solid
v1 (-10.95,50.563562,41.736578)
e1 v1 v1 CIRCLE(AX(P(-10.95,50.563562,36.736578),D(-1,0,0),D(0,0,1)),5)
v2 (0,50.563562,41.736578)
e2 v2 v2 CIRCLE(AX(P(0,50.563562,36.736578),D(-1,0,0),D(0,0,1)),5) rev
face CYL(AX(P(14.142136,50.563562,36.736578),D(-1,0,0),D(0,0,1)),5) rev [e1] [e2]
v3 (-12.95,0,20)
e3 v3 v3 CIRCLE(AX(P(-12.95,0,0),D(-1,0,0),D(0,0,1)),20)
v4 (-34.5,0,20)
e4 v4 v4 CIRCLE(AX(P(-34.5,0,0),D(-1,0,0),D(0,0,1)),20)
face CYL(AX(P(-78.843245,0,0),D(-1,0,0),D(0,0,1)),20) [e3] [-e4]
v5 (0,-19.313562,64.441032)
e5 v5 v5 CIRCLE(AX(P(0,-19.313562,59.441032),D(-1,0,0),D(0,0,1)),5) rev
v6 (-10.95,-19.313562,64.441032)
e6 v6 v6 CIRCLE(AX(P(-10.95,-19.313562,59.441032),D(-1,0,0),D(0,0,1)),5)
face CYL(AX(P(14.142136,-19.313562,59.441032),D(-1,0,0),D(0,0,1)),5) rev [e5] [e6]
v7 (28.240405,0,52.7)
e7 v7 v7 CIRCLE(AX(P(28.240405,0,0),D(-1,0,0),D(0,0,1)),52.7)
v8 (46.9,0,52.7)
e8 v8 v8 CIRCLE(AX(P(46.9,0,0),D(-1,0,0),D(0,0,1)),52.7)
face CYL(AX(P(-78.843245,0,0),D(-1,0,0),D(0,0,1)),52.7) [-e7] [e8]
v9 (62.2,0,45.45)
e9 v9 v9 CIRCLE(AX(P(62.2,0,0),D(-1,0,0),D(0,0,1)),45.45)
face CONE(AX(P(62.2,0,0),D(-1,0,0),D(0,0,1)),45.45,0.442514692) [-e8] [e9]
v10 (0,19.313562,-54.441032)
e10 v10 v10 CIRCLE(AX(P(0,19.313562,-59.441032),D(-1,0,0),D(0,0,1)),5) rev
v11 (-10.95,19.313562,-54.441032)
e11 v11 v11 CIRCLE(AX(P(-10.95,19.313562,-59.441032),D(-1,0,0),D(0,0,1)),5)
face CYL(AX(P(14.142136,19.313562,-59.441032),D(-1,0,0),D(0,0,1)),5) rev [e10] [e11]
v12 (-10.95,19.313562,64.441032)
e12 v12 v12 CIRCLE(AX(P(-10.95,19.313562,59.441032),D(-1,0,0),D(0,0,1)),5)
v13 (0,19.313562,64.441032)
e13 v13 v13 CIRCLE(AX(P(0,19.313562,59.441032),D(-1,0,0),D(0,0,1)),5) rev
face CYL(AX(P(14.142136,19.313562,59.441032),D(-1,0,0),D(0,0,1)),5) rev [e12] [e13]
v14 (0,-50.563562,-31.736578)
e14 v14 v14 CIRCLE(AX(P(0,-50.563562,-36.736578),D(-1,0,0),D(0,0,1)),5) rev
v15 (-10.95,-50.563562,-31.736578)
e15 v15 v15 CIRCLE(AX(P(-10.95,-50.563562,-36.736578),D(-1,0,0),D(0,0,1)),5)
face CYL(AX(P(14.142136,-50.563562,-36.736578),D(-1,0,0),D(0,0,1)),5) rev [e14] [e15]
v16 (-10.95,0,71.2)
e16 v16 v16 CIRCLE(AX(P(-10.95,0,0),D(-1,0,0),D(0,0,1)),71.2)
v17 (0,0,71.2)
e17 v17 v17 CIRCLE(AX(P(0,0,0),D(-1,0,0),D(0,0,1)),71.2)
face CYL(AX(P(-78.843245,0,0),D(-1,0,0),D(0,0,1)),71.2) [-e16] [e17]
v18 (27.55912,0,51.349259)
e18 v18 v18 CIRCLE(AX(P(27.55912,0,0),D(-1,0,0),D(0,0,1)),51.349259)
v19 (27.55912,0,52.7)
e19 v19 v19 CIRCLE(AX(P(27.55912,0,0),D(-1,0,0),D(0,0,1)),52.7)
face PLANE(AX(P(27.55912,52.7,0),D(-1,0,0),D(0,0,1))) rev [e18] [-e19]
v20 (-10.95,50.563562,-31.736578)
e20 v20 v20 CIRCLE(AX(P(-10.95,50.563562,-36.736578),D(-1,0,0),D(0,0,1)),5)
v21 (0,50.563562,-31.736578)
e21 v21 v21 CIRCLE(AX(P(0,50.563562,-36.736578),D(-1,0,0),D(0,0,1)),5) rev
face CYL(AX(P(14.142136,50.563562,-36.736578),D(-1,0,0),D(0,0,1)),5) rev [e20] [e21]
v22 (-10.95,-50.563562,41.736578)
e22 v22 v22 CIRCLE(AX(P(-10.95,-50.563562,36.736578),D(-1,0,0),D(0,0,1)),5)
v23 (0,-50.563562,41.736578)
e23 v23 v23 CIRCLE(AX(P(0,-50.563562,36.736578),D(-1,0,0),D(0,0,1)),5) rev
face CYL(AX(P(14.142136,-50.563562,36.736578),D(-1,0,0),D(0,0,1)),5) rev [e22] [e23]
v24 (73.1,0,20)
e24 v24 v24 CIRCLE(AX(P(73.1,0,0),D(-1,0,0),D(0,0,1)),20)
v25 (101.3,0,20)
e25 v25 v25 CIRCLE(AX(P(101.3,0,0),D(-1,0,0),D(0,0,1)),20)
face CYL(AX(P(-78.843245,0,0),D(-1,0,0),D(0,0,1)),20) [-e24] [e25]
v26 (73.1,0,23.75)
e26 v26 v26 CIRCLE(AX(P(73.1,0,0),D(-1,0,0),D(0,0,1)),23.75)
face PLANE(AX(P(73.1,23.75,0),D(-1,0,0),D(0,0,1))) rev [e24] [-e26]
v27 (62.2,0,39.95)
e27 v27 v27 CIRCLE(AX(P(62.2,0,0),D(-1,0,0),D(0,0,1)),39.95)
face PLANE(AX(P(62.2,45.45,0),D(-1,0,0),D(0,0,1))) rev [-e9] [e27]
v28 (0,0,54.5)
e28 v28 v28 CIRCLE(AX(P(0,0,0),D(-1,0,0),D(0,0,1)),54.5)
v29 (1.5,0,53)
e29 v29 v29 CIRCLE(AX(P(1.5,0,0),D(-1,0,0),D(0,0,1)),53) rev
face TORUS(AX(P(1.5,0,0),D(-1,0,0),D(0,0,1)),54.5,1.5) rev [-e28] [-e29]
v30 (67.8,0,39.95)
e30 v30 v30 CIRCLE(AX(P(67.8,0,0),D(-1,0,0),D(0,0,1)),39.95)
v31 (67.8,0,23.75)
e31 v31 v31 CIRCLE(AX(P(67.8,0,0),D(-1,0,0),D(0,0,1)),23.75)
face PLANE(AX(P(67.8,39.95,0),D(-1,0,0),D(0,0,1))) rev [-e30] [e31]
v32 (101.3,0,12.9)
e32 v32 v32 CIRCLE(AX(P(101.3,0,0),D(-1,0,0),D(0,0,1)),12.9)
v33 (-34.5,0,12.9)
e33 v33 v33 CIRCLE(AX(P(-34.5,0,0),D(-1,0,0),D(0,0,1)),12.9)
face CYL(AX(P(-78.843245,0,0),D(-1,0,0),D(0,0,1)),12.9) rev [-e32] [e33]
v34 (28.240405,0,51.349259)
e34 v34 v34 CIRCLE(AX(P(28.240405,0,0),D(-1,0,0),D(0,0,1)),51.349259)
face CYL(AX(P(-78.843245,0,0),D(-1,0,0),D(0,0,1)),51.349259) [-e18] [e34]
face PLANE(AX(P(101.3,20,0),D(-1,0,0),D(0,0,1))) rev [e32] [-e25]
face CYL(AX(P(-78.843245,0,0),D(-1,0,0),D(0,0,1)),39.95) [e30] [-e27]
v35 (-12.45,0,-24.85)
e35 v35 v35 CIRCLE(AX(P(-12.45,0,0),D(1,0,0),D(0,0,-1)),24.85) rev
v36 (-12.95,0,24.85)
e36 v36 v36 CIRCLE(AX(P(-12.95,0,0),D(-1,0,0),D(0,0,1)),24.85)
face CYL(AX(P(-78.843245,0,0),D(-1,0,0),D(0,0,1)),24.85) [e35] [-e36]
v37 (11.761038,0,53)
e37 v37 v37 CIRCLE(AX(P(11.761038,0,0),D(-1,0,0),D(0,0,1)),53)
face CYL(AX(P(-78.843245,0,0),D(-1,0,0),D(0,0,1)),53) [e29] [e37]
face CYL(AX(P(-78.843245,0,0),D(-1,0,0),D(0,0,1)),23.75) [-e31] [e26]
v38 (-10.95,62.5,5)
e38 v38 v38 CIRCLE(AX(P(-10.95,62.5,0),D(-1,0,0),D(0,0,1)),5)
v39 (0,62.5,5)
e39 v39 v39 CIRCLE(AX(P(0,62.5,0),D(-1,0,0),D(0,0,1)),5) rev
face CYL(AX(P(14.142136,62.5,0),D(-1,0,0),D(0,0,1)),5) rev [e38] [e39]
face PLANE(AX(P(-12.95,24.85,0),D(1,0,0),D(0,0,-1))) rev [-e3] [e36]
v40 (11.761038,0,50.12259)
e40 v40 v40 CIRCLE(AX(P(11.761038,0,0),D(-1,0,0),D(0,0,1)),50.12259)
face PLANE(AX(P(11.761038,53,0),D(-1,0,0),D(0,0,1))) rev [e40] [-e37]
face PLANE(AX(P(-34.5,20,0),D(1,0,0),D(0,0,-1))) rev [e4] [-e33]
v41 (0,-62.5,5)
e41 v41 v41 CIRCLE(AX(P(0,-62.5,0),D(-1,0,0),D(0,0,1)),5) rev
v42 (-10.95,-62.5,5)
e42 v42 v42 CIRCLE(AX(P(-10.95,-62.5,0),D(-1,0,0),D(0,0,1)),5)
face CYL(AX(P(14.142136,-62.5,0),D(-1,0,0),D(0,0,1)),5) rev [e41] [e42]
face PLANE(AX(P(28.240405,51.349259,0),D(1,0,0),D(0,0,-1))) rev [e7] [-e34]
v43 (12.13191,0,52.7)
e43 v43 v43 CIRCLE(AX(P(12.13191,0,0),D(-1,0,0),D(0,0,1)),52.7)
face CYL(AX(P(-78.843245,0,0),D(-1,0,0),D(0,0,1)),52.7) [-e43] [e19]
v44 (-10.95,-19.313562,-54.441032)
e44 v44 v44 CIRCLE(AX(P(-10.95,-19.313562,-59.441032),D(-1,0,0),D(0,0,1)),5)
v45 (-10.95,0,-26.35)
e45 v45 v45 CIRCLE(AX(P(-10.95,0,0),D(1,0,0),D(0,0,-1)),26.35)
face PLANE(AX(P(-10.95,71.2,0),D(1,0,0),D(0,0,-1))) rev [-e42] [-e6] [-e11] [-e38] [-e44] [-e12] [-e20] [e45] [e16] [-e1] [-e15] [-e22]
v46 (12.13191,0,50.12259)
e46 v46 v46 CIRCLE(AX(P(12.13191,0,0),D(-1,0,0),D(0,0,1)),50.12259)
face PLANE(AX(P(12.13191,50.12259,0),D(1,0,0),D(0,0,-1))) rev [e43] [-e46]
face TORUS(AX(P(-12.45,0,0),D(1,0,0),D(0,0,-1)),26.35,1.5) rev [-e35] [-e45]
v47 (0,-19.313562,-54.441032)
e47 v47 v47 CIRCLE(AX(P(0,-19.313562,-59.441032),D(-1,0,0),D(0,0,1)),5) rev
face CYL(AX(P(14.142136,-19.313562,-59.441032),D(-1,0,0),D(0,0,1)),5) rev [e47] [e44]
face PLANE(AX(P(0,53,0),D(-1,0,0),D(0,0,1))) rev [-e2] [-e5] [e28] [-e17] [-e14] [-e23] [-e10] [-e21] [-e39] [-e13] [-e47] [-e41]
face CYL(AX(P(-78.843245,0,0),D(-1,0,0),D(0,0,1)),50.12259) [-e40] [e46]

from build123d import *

# Parameters (mm, degrees)
SKETCH2_R      = 5
EXTRUDE1_DEPTH = 10.95
FILLET3_R      = 1.5


with BuildPart() as part:
    # Sketch1 → Revolve1 (revolve)
    with BuildSketch(Plane.XY):
        Polygon((0, 53), (0, 71.2), (-10.95, 71.2), (-10.95, 42.087444297), (-10.95, 24.85), (-12.95, 24.85), (-12.95, 20), (-34.5, 20), (-34.5, 12.9), (101.3, 12.9), (101.3, 20), (73.1, 20), (73.1, 23.75), (67.8, 23.75), (67.8, 39.95), (62.2, 39.95), (62.2, 45.45), (46.9, 52.7), (28.240404552, 52.7), (28.240404552, 51.349259098), (27.559120448, 51.349259098), (27.559120448, 52.7), (12.131909835, 52.7), (12.131909835, 50.122589957), (11.761037764, 50.122589957), (11.761037764, 53), align=None)
    revolve(axis=Axis((-78.843245127, 0, 0), (1, 0, 0)))

    # Sketch2 → Extrude1 (cut)
    with BuildSketch(Plane.ZY.offset(10.95)):
        with Locations((0, 62.5)):
            Circle(SKETCH2_R)
        with Locations((36.736578268, 50.563562148)):
            Circle(SKETCH2_R)
        with Locations((59.441032268, 19.313562148)):
            Circle(SKETCH2_R)
        with Locations((59.441032268, -19.313562148)):
            Circle(SKETCH2_R)
        with Locations((36.736578268, -50.563562148)):
            Circle(SKETCH2_R)
        with Locations((0, -62.5)):
            Circle(SKETCH2_R)
        with Locations((-36.736578268, -50.563562148)):
            Circle(SKETCH2_R)
        with Locations((-59.441032268, -19.313562148)):
            Circle(SKETCH2_R)
        with Locations((-59.441032268, 19.313562148)):
            Circle(SKETCH2_R)
        with Locations((-36.736578268, 50.563562148)):
            Circle(SKETCH2_R)
    extrude(amount=-EXTRUDE1_DEPTH, mode=Mode.SUBTRACT)

    # Fillet3
    fillet3_edges = [part.edges().sort_by_distance(p)[0] for p in [
        (0, -53, 0),
        (-10.95, -24.85, 0),
    ]]
    fillet(fillet3_edges, radius=FILLET3_R)


solid = part.part
